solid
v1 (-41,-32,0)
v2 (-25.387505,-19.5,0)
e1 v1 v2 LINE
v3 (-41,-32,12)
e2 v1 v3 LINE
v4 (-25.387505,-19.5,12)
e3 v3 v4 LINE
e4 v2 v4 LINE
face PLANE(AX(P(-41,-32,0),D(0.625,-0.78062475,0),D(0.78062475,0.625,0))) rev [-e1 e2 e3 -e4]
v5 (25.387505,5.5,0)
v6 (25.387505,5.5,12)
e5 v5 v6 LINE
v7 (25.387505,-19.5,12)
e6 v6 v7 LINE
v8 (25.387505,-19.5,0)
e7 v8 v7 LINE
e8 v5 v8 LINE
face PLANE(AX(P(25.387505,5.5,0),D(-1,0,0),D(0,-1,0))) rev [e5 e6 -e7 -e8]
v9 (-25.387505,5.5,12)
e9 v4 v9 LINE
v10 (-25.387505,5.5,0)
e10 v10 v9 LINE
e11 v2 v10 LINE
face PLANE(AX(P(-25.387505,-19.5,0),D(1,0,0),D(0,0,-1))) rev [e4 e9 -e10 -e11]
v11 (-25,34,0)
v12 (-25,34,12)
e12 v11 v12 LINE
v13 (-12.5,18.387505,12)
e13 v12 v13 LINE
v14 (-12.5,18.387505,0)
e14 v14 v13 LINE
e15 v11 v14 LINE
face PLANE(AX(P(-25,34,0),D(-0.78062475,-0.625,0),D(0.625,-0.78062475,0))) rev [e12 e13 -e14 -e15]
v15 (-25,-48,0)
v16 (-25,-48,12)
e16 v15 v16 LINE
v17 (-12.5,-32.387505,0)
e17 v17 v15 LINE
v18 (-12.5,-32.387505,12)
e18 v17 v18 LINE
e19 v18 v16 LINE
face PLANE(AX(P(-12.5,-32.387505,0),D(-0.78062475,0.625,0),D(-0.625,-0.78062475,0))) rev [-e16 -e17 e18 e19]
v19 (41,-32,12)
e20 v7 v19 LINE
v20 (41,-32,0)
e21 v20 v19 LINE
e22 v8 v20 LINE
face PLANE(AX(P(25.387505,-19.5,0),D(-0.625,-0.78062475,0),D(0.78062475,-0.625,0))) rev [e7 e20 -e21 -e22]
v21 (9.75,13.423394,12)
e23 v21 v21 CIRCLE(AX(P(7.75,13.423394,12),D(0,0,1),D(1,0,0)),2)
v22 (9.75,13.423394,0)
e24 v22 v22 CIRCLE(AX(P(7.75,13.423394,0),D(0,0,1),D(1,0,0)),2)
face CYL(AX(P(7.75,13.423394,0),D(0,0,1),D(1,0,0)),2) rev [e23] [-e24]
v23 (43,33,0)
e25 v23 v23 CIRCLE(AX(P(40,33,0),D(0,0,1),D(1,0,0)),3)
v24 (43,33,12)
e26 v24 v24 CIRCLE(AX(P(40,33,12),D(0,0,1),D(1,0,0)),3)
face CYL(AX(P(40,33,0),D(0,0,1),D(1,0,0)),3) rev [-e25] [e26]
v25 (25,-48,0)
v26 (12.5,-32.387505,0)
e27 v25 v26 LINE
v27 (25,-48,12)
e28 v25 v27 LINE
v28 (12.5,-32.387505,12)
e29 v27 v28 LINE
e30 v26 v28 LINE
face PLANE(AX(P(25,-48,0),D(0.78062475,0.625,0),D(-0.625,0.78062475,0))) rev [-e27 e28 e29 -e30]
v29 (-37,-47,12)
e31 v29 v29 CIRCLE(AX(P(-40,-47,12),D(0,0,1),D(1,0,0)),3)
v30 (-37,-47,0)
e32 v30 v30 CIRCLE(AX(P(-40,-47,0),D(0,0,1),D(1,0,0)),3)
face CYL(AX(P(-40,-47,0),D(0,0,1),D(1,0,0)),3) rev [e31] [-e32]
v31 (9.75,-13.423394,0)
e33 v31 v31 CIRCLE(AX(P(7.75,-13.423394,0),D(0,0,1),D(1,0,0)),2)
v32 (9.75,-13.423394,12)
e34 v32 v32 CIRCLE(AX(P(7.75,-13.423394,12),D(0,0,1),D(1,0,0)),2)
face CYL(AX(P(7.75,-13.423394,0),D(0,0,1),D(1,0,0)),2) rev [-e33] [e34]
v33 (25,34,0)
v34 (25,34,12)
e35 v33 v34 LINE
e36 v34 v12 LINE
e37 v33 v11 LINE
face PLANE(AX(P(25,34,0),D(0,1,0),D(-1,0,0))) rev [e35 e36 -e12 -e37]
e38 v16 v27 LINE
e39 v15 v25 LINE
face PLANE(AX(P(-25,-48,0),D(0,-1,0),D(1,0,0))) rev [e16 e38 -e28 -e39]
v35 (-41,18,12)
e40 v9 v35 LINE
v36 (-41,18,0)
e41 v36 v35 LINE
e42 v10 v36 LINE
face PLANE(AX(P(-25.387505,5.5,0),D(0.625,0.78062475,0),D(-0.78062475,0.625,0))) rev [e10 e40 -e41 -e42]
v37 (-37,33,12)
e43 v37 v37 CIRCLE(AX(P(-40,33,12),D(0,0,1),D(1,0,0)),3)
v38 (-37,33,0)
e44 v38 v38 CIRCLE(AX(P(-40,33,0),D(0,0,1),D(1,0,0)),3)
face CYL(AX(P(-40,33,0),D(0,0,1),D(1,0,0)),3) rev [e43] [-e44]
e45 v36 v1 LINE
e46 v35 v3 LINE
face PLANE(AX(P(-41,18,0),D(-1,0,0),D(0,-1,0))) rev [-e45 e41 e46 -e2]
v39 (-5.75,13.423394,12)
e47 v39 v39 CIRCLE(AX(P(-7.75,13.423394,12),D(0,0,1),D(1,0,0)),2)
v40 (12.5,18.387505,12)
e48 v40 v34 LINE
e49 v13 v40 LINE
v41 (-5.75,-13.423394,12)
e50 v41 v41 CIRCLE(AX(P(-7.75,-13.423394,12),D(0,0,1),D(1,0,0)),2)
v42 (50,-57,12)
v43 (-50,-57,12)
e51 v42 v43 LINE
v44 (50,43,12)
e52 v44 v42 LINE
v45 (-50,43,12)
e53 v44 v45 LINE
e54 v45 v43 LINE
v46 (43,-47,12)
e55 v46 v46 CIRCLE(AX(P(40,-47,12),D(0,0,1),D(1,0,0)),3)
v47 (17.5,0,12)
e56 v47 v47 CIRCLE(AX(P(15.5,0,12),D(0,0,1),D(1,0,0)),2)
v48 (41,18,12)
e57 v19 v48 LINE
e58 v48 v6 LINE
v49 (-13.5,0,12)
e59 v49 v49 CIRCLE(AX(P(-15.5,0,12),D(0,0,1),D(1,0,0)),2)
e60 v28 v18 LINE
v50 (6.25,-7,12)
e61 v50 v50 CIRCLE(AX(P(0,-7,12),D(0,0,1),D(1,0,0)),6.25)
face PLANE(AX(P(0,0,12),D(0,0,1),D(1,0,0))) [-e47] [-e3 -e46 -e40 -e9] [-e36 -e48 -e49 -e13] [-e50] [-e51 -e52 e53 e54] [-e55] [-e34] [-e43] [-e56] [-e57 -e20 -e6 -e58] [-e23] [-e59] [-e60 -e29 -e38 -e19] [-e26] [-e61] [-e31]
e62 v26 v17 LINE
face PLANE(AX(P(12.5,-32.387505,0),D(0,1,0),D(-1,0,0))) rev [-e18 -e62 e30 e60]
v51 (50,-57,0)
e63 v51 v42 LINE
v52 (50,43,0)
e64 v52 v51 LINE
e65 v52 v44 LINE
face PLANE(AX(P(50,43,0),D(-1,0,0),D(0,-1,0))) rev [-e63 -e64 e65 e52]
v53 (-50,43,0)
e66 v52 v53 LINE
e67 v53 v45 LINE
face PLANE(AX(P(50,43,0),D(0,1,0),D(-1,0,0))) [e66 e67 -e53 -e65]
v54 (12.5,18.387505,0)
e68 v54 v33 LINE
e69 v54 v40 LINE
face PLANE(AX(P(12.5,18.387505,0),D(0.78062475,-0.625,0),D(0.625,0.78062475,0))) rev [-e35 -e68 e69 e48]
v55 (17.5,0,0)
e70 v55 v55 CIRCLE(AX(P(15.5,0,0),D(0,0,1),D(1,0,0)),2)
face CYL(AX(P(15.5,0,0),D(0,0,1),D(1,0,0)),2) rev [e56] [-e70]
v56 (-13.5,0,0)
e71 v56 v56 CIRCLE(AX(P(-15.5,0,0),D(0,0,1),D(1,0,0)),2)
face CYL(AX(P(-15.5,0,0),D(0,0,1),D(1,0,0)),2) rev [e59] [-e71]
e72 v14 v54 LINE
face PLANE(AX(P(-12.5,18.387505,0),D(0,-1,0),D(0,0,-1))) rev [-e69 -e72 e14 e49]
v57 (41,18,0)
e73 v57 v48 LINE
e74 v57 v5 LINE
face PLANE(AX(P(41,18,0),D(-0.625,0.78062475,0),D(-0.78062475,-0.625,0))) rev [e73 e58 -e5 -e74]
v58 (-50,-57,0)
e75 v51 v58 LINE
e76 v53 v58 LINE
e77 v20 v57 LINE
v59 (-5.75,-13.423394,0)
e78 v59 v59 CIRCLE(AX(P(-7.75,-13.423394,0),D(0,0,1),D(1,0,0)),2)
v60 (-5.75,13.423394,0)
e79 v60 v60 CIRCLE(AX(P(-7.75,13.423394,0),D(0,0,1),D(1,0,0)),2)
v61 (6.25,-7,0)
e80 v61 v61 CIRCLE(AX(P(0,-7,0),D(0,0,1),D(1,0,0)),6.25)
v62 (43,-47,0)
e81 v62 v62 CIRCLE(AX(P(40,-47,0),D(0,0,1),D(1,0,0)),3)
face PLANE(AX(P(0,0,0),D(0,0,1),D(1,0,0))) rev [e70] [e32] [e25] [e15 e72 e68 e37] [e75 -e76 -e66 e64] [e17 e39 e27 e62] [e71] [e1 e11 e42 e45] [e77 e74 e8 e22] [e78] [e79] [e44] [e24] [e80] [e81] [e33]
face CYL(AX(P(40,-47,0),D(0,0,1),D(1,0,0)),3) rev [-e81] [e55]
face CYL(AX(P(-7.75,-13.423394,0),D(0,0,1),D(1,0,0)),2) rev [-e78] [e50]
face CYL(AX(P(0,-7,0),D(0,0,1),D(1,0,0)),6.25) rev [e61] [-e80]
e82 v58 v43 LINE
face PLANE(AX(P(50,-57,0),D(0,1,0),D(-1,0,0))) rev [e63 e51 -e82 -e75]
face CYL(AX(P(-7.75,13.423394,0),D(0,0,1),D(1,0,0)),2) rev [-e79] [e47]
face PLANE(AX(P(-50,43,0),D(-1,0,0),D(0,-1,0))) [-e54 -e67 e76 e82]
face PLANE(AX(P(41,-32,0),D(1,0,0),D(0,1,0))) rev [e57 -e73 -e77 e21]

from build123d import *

# Parameters (mm, degrees)
ESQUISSE1_R             = 18.5
BOSS_EXTRU_1_DEPTH      = 12
ESQUISSE2_R             = 2
ENL_V_MAT_EXTRU_1_DEPTH = 13
ESQUISSE3_R             = 6.25
ENL_V_MAT_EXTRU_2_DEPTH = 13
ESQUISSE4_W             = 100
ESQUISSE4_H             = 100
ESQUISSE4_R             = 18.5
BOSS_EXTRU_2_DEPTH      = 12
ESQUISSE5_R             = 3
ENL_V_MAT_EXTRU_3_DEPTH = 12
ENL_V_MAT_EXTRU_4_DEPTH = 12


with BuildPart() as part:
    # Esquisse1 → Boss.-Extru.1 (new body)
    with BuildSketch(Plane.XY):
        Circle(ESQUISSE1_R)
    extrude(amount=BOSS_EXTRU_1_DEPTH)

    # Esquisse2 → Enlèv. mat.-Extru.1 (cut, through all)
    with BuildSketch(Plane.XY.offset(12)):
        with Locations((15.5, 0)):
            Circle(ESQUISSE2_R)
        with Locations((7.75, -13.423393759)):
            Circle(ESQUISSE2_R)
        with Locations((-7.75, -13.423393759)):
            Circle(ESQUISSE2_R)
        with Locations((-15.5, 0)):
            Circle(ESQUISSE2_R)
        with Locations((-7.75, 13.423393759)):
            Circle(ESQUISSE2_R)
        with Locations((7.75, 13.423393759)):
            Circle(ESQUISSE2_R)
    extrude(amount=-ENL_V_MAT_EXTRU_1_DEPTH, mode=Mode.SUBTRACT)

    # Esquisse3 → Enlèv. mat.-Extru.2 (cut, through all)
    with BuildSketch(Plane.XY.offset(12)):
        with Locations((0, -7)):
            Circle(ESQUISSE3_R)
    extrude(amount=-ENL_V_MAT_EXTRU_2_DEPTH, mode=Mode.SUBTRACT)

    # Esquisse4 → Boss.-Extru.2 (add)
    with BuildSketch(Plane.XY.offset(12)):
        with Locations((0, -7)):
            Rectangle(ESQUISSE4_W, ESQUISSE4_H)
        Circle(ESQUISSE4_R, mode=Mode.SUBTRACT)
    extrude(amount=-BOSS_EXTRU_2_DEPTH)

    # Esquisse5 → Enlèv. mat.-Extru.3 (cut)
    with BuildSketch(Plane.XY.offset(12)):
        with Locations((-40, 33)):
            Circle(ESQUISSE5_R)
        with Locations((40, 33)):
            Circle(ESQUISSE5_R)
        with Locations((40, -47)):
            Circle(ESQUISSE5_R)
        with Locations((-40, -47)):
            Circle(ESQUISSE5_R)
    extrude(amount=-ENL_V_MAT_EXTRU_3_DEPTH, mode=Mode.SUBTRACT)

    # Esquisse6 → Enlèv. mat.-Extru.4 (cut)
    with BuildSketch(Plane.XY.offset(12)):
        Polygon((-41, 18), (-41, -32), (-25.387505004, -19.5), (-25.387505004, 5.5), align=None)
        Polygon((12.5, 18.387505004), (25, 34), (-25, 34), (-12.5, 18.387505004), align=None)
        Polygon((25.387505004, -19.5), (41, -32), (41, 18), (25.387505004, 5.5), align=None)
        Polygon((-12.5, -32.387505004), (-25, -48), (25, -48), (12.5, -32.387505004), align=None)
    extrude(amount=-ENL_V_MAT_EXTRU_4_DEPTH, mode=Mode.SUBTRACT)


solid = part.part
